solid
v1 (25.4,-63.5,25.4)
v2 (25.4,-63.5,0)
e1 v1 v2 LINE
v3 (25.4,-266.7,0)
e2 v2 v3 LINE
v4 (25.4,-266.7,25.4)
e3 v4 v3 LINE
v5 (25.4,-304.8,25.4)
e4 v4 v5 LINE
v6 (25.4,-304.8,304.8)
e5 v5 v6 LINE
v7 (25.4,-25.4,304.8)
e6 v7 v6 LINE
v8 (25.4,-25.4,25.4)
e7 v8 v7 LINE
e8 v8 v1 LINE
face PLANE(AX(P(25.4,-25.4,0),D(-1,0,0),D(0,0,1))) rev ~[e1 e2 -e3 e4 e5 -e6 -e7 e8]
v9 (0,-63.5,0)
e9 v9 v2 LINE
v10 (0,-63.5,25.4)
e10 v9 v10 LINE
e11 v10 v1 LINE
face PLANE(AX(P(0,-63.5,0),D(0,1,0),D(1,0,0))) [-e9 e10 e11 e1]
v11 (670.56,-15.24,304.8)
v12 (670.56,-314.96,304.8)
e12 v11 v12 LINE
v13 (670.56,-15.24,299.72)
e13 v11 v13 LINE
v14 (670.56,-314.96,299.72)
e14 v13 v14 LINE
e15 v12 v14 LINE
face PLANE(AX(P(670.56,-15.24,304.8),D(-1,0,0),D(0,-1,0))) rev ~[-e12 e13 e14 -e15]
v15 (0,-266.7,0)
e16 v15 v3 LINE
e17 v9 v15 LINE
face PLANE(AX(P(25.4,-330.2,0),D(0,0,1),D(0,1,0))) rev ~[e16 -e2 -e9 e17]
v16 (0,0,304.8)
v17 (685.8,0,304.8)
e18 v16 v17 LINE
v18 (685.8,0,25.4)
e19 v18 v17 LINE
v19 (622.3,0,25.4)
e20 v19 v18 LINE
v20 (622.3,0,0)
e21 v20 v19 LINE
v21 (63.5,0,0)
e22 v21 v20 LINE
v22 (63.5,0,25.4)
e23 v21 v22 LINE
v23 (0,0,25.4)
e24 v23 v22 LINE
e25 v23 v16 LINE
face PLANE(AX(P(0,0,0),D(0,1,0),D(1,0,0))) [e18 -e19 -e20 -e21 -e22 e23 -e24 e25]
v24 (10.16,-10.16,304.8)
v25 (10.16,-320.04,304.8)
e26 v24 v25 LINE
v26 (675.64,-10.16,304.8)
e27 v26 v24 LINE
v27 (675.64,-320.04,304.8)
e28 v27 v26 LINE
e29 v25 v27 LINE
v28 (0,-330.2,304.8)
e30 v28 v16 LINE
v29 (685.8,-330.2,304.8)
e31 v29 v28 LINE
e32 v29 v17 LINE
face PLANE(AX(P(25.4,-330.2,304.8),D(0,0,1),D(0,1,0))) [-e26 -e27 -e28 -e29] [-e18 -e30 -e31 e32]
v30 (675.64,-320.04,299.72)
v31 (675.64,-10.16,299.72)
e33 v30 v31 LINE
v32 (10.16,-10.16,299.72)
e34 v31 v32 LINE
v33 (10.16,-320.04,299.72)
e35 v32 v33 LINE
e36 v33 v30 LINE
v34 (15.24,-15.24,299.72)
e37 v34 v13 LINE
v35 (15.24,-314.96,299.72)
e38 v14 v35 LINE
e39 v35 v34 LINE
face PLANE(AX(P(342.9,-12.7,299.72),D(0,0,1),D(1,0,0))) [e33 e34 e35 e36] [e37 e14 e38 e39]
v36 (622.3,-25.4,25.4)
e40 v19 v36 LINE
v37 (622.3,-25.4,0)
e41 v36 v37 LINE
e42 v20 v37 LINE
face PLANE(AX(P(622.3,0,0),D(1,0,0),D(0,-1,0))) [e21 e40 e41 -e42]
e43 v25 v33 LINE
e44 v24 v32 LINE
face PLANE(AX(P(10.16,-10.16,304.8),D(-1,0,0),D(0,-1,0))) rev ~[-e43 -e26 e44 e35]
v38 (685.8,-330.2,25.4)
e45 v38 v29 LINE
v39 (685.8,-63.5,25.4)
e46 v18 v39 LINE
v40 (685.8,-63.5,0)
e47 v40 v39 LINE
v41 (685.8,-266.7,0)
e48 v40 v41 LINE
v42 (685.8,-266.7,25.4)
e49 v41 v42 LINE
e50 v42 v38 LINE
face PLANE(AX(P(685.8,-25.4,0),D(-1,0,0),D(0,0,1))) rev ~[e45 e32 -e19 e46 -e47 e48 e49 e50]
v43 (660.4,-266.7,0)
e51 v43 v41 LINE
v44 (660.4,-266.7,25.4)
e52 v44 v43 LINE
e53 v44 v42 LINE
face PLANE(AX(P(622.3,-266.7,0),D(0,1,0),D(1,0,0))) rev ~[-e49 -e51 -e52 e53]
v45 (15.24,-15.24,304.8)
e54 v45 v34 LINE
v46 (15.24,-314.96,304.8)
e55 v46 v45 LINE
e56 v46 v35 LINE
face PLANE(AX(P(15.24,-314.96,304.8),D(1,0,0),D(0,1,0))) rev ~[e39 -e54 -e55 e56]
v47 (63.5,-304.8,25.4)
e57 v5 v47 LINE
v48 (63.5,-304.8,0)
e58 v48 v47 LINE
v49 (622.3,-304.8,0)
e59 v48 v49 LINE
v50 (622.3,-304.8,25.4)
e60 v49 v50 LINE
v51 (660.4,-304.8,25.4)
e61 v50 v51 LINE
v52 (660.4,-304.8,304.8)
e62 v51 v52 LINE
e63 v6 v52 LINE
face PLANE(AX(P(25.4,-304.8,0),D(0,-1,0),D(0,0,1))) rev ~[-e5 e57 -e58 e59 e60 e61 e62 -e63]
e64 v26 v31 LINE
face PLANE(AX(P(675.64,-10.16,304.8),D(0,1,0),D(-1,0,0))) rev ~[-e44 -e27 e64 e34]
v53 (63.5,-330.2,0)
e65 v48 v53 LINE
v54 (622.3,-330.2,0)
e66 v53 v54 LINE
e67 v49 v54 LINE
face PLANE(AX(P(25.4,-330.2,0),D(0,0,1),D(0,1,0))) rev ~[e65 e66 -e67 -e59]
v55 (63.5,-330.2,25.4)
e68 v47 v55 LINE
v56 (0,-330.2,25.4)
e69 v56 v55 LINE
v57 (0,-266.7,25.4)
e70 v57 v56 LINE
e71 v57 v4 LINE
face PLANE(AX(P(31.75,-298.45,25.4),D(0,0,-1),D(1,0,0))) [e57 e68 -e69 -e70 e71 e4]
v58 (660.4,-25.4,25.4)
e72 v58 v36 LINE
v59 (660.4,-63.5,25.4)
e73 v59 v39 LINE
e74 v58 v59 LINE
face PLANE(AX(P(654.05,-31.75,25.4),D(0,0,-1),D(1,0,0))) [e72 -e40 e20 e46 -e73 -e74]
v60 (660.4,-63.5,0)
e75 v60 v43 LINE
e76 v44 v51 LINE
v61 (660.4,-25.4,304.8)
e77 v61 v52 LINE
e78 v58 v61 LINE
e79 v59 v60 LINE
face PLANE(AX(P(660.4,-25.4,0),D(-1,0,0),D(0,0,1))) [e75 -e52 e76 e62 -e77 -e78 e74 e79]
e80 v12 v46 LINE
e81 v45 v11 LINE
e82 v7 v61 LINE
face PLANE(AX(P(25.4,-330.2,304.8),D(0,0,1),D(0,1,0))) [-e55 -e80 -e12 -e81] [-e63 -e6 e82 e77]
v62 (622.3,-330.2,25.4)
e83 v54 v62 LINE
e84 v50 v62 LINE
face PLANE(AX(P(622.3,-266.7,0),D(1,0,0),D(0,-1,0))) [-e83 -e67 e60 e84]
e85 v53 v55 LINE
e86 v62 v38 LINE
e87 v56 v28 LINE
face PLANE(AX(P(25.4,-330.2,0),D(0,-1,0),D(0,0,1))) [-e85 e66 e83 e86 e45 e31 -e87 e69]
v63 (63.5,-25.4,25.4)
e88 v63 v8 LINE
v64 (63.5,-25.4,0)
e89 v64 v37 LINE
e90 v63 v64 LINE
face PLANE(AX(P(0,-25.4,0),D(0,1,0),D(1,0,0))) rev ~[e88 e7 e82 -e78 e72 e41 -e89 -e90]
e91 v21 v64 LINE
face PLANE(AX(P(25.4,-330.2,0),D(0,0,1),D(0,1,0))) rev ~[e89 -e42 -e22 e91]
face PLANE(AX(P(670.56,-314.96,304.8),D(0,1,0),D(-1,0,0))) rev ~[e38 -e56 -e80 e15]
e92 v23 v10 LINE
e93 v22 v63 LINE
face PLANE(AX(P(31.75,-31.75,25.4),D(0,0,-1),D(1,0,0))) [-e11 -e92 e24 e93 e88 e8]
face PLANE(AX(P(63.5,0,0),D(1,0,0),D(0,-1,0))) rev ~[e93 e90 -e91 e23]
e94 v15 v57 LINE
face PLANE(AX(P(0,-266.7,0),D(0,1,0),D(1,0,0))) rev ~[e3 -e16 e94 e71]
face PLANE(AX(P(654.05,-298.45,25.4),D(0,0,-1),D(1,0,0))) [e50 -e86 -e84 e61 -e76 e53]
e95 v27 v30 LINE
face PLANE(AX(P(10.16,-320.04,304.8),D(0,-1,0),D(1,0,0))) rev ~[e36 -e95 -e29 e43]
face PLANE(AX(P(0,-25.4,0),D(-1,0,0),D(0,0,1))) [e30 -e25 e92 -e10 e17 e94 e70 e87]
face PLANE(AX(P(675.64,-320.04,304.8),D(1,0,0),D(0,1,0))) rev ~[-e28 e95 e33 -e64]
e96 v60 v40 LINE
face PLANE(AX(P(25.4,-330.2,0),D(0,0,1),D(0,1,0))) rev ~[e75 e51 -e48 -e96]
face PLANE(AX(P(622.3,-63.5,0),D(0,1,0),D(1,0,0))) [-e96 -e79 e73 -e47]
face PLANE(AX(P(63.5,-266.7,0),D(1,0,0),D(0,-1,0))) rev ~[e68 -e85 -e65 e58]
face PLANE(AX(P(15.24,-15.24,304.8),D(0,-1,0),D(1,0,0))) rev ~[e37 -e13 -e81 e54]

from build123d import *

# Parameters (mm, degrees)
F0_W      = 685.8
F0_H      = 25.4
F1_DEPTH  = 304.8
F2_W      = 25.4
F2_H      = 304.8
F3_DEPTH  = 304.8
F4_DEPTH  = 304.8
F5_W      = 25.4
F5_H      = 304.8
F6_DEPTH  = 660.4
F7_W      = 655.32
F7_H      = 5.08
F7_W_2    = 5.08
F7_H_2    = 299.72
F7_W_3    = 2.54
F8_DEPTH  = 5.08
F9_W      = 63.5
F9_H      = 63.5
F10_DEPTH = 25.4


with BuildPart() as f1:
    # F0 (on Top) → F1 (new body)
    with BuildSketch(Plane.XY):
        with Locations((342.9, -12.7)):
            Rectangle(F0_W, F0_H)
    extrude(amount=F1_DEPTH)

    # F2 (on face) → F3 (join)
    with BuildSketch(Plane.XZ.offset(25.4)):
        with Locations((673.1, 152.4)):
            Rectangle(F2_W, F2_H)
    extrude(amount=F3_DEPTH)

    # F2 (on face) → F4 (join)
    with BuildSketch(Plane.XZ.offset(25.4)):
        with Locations((12.7, 152.4)):
            Rectangle(F2_W, F2_H)
    extrude(amount=F4_DEPTH)

    # F5 (on face) → F6 (join)
    with BuildSketch(Plane.YZ.offset(25.4)):
        with Locations((-317.5, 152.4)):
            Rectangle(F5_W, F5_H)
    extrude(amount=F6_DEPTH)

    # F7 (on face) → F8 (cut)
    with BuildSketch(Plane.XY.offset(304.8)):
        with Locations((342.9, -12.7)):
            Rectangle(F7_W, F7_H)
        Polygon((15.24, -10.16), (12.7, -10.16), (10.16, -10.16), (10.16, -15.24), (15.24, -15.24), align=None)
        with Locations((12.7, -165.1)):
            Rectangle(F7_W_2, F7_H_2)
        with Locations((12.7, -317.5)):
            Rectangle(F7_W_2, F7_H)
        with Locations((342.9, -317.5)):
            Rectangle(F7_W, F7_H)
        with Locations((673.1, -317.5)):
            Rectangle(F7_W_2, F7_H)
        Polygon((675.64, -10.16), (673.1, -10.16), (673.1, -15.24), (670.56, -15.24), (670.56, -314.96), (675.64, -314.96), align=None)
        with Locations((671.83, -12.7)):
            Rectangle(F7_W_3, F7_H)
    extrude(amount=-F8_DEPTH, mode=Mode.SUBTRACT)

    # F9 (on face) → F10 (cut)
    with BuildSketch(Plane(origin=(0, 0, 0), x_dir=(1, 0, 0), z_dir=(0, 0, -1))):
        with Locations((654.05, 31.75)):
            Rectangle(F9_W, F9_H)
        with Locations((654.05, 298.45)):
            Rectangle(F9_W, F9_H)
        with Locations((31.75, 298.45)):
            Rectangle(F9_W, F9_H)
        with Locations((31.75, 31.75)):
            Rectangle(F9_W, F9_H)
    extrude(amount=-F10_DEPTH, mode=Mode.SUBTRACT)


solid = f1.part
